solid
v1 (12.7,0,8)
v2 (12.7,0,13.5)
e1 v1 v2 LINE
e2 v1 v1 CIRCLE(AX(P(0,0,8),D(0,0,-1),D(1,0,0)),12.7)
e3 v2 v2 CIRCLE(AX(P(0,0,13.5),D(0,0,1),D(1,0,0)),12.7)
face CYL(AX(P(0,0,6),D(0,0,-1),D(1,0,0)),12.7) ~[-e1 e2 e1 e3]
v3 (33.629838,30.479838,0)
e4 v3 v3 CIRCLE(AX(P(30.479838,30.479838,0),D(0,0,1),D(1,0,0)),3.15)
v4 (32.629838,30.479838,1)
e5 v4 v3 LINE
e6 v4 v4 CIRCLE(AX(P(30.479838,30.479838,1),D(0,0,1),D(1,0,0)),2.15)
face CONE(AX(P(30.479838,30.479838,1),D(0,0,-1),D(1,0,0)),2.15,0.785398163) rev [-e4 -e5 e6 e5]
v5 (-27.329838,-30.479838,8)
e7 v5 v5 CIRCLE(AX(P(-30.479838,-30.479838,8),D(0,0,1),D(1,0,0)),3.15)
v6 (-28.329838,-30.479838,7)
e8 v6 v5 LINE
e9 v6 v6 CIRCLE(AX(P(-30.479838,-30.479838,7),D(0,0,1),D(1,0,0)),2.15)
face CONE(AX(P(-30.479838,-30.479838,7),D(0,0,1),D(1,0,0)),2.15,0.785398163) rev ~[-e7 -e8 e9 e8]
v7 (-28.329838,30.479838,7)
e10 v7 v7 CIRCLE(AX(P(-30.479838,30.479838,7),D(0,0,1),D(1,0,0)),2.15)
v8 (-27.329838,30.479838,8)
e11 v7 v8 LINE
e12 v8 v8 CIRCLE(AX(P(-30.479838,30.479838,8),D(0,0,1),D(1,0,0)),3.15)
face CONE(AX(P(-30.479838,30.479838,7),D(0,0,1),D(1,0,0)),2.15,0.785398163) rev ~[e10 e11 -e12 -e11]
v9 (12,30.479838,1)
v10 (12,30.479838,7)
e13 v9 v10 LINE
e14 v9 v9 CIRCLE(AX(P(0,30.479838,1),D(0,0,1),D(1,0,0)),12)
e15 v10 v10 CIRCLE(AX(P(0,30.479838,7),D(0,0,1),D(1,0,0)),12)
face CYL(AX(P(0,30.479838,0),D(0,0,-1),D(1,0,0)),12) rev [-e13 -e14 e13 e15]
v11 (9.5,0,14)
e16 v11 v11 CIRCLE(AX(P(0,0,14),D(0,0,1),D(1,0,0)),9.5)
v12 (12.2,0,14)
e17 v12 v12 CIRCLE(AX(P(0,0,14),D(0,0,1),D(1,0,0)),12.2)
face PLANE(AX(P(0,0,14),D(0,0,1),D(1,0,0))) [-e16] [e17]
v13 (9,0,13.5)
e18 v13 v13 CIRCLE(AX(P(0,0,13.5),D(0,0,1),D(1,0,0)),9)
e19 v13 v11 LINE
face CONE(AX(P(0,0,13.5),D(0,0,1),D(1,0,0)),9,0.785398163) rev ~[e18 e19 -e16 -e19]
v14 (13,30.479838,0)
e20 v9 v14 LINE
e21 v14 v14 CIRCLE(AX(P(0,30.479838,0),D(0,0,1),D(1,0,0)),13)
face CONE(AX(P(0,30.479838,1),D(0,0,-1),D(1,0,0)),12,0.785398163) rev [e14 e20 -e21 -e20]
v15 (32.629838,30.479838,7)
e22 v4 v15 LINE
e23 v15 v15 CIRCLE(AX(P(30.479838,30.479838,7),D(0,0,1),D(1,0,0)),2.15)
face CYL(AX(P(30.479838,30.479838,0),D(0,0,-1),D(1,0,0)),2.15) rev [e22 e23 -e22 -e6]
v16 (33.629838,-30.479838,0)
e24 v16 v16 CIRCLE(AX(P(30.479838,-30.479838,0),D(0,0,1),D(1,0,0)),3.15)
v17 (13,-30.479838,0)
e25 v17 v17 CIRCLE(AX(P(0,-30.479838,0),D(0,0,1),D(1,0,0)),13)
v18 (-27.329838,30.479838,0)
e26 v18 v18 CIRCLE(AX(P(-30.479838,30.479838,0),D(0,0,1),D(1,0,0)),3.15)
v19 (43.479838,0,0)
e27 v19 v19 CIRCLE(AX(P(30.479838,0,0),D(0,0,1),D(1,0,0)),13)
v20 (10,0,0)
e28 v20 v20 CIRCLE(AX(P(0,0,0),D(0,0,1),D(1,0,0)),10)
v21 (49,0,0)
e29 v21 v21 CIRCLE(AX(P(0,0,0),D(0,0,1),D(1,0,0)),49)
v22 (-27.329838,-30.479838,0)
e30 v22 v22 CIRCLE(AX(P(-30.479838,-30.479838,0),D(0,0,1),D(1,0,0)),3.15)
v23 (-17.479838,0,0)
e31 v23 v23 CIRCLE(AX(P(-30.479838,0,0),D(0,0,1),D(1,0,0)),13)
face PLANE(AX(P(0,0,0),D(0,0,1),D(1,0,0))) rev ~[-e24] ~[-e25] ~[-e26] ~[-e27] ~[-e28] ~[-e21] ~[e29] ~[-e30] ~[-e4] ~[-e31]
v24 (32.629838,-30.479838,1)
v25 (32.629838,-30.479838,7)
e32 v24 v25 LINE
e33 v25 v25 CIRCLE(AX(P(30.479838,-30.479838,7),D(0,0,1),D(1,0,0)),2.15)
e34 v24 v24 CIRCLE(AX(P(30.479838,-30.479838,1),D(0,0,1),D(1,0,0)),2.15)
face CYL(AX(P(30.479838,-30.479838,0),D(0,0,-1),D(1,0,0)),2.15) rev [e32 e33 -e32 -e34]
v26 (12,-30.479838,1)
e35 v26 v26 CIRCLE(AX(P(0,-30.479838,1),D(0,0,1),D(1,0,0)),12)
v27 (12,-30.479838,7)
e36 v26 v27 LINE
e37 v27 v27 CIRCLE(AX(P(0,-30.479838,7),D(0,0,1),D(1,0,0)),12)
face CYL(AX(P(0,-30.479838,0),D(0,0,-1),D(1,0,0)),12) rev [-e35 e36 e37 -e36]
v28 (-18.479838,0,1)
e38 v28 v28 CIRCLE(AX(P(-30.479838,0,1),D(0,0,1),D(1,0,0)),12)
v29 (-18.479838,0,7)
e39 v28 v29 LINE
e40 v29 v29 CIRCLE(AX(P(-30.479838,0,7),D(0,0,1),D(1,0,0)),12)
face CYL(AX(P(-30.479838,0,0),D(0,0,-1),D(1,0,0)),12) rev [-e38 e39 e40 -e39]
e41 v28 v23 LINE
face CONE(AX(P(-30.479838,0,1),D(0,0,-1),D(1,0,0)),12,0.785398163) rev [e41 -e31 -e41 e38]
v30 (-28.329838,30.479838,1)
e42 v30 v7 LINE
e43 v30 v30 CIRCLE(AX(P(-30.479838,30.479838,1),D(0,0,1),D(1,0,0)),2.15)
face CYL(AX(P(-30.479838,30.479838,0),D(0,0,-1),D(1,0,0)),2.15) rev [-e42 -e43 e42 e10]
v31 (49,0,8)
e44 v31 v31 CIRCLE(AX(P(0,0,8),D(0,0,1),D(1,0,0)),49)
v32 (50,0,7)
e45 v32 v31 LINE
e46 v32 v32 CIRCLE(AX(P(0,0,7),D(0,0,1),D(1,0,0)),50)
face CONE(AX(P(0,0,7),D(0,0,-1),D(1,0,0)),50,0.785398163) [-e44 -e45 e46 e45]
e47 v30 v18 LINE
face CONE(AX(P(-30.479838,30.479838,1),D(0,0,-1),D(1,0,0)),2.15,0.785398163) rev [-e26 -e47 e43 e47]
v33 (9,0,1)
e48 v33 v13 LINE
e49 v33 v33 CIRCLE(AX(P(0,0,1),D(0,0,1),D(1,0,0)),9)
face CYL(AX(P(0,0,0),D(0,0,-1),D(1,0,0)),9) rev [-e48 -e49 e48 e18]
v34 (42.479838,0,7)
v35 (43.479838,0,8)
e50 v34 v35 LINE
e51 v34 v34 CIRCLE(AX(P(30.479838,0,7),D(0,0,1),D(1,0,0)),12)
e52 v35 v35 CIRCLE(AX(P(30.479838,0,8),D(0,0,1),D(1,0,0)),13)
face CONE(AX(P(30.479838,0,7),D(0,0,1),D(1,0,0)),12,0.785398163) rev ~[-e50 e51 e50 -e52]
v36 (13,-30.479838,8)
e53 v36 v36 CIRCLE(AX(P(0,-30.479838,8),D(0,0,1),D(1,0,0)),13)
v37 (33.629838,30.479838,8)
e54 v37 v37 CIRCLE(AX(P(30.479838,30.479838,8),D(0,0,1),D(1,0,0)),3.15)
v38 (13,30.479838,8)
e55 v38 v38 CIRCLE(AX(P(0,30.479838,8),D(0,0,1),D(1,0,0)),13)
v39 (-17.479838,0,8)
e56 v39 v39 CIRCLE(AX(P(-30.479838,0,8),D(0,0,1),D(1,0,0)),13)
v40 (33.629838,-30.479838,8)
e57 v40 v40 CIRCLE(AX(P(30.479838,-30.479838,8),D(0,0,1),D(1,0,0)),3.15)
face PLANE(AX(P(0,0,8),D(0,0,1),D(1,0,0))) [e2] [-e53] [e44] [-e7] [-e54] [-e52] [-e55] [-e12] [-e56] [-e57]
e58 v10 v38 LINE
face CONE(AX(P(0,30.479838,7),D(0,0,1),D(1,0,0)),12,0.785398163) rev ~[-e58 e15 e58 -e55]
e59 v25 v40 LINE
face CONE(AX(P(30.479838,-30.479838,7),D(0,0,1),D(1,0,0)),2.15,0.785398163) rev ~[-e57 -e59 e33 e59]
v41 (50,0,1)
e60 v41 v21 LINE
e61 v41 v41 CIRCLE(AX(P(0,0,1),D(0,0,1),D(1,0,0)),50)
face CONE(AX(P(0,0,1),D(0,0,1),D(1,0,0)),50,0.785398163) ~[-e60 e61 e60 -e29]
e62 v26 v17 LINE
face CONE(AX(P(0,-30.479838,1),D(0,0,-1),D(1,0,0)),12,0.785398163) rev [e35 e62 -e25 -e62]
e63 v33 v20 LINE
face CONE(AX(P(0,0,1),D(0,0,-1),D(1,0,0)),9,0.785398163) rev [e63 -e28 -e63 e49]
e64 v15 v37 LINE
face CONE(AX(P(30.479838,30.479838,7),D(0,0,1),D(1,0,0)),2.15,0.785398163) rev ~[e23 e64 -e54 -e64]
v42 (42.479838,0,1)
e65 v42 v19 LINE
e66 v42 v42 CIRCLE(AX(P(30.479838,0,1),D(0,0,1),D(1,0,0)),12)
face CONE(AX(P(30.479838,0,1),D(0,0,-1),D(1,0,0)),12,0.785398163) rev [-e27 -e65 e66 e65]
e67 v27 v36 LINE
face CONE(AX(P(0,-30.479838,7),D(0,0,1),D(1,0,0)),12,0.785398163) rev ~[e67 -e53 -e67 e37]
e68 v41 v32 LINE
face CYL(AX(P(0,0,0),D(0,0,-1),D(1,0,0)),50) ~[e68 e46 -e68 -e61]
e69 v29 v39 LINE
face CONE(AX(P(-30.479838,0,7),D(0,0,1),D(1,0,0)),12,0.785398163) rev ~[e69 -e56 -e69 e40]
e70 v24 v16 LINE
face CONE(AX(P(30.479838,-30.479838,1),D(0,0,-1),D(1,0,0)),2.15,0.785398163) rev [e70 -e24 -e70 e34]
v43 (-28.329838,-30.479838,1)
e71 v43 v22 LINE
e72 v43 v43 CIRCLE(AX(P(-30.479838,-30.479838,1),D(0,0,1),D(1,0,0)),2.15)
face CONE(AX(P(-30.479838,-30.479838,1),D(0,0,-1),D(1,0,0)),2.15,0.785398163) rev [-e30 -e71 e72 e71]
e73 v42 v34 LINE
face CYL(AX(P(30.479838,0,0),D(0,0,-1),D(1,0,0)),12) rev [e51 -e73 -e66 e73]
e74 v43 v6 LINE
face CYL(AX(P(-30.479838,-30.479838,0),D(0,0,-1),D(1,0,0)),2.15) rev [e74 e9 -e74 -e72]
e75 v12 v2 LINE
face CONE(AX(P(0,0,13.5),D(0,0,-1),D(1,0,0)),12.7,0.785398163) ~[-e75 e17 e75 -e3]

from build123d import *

# Parameters (mm, degrees)
SKETCH002_R     = 50
SKETCH002_R_2   = 2.15
SKETCH002_R_3   = 9
SKETCH002_R_4   = 12
PAD001_DEPTH    = 8
CHAMFER001_SIZE = 1
SKETCH003_R     = 12.7
SKETCH003_R_2   = 9
PAD002_DEPTH    = 8
CHAMFER002_SIZE = 0.5


with BuildPart() as part:
    # Sketch002 → Pad001 (new body)
    with BuildSketch(Plane.XY):
        Circle(SKETCH002_R)
        with Locations((-30.479838, 30.479838)):
            Circle(SKETCH002_R_2, mode=Mode.SUBTRACT)
        with Locations((30.479838, 30.479838)):
            Circle(SKETCH002_R_2, mode=Mode.SUBTRACT)
        with Locations((30.479838, -30.479838)):
            Circle(SKETCH002_R_2, mode=Mode.SUBTRACT)
        with Locations((-30.479838, -30.479838)):
            Circle(SKETCH002_R_2, mode=Mode.SUBTRACT)
        Circle(SKETCH002_R_3, mode=Mode.SUBTRACT)
        with Locations((-30.479838, 0)):
            Circle(SKETCH002_R_4, mode=Mode.SUBTRACT)
        with Locations((30.479838, 0)):
            Circle(SKETCH002_R_4, mode=Mode.SUBTRACT)
        with Locations((0, -30.479838)):
            Circle(SKETCH002_R_4, mode=Mode.SUBTRACT)
        with Locations((0, 30.479838)):
            Circle(SKETCH002_R_4, mode=Mode.SUBTRACT)
    extrude(amount=PAD001_DEPTH)

    # Chamfer001
    chamfer001_edges = [part.edges().sort_by_distance(p)[0] for p in [
        (-50, 0, 8),
        (-42.479838, 0, 8),
        (-12, 30.479838, 8),
        (18.479838, 0, 8),
        (-12, -30.479838, 8),
        (-9, 0, 8),
        (-32.629838, -30.479838, 8),
        (28.329838, -30.479838, 8),
        (28.329838, 30.479838, 8),
        (-32.629838, 30.479838, 8),
        (-50, 0, 0),
        (-42.479838, 0, 0),
        (-12, 30.479838, 0),
        (18.479838, 0, 0),
        (-12, -30.479838, 0),
        (-9, 0, 0),
        (-32.629838, -30.479838, 0),
        (28.329838, -30.479838, 0),
        (28.329838, 30.479838, 0),
        (-32.629838, 30.479838, 0),
    ]]
    chamfer(chamfer001_edges, length=CHAMFER001_SIZE)

    # Sketch003 (on Face12 of Pad001) → Pad002 (join)
    with BuildSketch(Plane.XY.offset(6)):
        Circle(SKETCH003_R)
        Circle(SKETCH003_R_2, mode=Mode.SUBTRACT)
    extrude(amount=PAD002_DEPTH)

    # Chamfer002
    chamfer002_edges = [part.edges().sort_by_distance(p)[0] for p in [
        (-12.7, 0, 14),
        (-9, 0, 14),
    ]]
    chamfer(chamfer002_edges, length=CHAMFER002_SIZE)


solid = part.part
